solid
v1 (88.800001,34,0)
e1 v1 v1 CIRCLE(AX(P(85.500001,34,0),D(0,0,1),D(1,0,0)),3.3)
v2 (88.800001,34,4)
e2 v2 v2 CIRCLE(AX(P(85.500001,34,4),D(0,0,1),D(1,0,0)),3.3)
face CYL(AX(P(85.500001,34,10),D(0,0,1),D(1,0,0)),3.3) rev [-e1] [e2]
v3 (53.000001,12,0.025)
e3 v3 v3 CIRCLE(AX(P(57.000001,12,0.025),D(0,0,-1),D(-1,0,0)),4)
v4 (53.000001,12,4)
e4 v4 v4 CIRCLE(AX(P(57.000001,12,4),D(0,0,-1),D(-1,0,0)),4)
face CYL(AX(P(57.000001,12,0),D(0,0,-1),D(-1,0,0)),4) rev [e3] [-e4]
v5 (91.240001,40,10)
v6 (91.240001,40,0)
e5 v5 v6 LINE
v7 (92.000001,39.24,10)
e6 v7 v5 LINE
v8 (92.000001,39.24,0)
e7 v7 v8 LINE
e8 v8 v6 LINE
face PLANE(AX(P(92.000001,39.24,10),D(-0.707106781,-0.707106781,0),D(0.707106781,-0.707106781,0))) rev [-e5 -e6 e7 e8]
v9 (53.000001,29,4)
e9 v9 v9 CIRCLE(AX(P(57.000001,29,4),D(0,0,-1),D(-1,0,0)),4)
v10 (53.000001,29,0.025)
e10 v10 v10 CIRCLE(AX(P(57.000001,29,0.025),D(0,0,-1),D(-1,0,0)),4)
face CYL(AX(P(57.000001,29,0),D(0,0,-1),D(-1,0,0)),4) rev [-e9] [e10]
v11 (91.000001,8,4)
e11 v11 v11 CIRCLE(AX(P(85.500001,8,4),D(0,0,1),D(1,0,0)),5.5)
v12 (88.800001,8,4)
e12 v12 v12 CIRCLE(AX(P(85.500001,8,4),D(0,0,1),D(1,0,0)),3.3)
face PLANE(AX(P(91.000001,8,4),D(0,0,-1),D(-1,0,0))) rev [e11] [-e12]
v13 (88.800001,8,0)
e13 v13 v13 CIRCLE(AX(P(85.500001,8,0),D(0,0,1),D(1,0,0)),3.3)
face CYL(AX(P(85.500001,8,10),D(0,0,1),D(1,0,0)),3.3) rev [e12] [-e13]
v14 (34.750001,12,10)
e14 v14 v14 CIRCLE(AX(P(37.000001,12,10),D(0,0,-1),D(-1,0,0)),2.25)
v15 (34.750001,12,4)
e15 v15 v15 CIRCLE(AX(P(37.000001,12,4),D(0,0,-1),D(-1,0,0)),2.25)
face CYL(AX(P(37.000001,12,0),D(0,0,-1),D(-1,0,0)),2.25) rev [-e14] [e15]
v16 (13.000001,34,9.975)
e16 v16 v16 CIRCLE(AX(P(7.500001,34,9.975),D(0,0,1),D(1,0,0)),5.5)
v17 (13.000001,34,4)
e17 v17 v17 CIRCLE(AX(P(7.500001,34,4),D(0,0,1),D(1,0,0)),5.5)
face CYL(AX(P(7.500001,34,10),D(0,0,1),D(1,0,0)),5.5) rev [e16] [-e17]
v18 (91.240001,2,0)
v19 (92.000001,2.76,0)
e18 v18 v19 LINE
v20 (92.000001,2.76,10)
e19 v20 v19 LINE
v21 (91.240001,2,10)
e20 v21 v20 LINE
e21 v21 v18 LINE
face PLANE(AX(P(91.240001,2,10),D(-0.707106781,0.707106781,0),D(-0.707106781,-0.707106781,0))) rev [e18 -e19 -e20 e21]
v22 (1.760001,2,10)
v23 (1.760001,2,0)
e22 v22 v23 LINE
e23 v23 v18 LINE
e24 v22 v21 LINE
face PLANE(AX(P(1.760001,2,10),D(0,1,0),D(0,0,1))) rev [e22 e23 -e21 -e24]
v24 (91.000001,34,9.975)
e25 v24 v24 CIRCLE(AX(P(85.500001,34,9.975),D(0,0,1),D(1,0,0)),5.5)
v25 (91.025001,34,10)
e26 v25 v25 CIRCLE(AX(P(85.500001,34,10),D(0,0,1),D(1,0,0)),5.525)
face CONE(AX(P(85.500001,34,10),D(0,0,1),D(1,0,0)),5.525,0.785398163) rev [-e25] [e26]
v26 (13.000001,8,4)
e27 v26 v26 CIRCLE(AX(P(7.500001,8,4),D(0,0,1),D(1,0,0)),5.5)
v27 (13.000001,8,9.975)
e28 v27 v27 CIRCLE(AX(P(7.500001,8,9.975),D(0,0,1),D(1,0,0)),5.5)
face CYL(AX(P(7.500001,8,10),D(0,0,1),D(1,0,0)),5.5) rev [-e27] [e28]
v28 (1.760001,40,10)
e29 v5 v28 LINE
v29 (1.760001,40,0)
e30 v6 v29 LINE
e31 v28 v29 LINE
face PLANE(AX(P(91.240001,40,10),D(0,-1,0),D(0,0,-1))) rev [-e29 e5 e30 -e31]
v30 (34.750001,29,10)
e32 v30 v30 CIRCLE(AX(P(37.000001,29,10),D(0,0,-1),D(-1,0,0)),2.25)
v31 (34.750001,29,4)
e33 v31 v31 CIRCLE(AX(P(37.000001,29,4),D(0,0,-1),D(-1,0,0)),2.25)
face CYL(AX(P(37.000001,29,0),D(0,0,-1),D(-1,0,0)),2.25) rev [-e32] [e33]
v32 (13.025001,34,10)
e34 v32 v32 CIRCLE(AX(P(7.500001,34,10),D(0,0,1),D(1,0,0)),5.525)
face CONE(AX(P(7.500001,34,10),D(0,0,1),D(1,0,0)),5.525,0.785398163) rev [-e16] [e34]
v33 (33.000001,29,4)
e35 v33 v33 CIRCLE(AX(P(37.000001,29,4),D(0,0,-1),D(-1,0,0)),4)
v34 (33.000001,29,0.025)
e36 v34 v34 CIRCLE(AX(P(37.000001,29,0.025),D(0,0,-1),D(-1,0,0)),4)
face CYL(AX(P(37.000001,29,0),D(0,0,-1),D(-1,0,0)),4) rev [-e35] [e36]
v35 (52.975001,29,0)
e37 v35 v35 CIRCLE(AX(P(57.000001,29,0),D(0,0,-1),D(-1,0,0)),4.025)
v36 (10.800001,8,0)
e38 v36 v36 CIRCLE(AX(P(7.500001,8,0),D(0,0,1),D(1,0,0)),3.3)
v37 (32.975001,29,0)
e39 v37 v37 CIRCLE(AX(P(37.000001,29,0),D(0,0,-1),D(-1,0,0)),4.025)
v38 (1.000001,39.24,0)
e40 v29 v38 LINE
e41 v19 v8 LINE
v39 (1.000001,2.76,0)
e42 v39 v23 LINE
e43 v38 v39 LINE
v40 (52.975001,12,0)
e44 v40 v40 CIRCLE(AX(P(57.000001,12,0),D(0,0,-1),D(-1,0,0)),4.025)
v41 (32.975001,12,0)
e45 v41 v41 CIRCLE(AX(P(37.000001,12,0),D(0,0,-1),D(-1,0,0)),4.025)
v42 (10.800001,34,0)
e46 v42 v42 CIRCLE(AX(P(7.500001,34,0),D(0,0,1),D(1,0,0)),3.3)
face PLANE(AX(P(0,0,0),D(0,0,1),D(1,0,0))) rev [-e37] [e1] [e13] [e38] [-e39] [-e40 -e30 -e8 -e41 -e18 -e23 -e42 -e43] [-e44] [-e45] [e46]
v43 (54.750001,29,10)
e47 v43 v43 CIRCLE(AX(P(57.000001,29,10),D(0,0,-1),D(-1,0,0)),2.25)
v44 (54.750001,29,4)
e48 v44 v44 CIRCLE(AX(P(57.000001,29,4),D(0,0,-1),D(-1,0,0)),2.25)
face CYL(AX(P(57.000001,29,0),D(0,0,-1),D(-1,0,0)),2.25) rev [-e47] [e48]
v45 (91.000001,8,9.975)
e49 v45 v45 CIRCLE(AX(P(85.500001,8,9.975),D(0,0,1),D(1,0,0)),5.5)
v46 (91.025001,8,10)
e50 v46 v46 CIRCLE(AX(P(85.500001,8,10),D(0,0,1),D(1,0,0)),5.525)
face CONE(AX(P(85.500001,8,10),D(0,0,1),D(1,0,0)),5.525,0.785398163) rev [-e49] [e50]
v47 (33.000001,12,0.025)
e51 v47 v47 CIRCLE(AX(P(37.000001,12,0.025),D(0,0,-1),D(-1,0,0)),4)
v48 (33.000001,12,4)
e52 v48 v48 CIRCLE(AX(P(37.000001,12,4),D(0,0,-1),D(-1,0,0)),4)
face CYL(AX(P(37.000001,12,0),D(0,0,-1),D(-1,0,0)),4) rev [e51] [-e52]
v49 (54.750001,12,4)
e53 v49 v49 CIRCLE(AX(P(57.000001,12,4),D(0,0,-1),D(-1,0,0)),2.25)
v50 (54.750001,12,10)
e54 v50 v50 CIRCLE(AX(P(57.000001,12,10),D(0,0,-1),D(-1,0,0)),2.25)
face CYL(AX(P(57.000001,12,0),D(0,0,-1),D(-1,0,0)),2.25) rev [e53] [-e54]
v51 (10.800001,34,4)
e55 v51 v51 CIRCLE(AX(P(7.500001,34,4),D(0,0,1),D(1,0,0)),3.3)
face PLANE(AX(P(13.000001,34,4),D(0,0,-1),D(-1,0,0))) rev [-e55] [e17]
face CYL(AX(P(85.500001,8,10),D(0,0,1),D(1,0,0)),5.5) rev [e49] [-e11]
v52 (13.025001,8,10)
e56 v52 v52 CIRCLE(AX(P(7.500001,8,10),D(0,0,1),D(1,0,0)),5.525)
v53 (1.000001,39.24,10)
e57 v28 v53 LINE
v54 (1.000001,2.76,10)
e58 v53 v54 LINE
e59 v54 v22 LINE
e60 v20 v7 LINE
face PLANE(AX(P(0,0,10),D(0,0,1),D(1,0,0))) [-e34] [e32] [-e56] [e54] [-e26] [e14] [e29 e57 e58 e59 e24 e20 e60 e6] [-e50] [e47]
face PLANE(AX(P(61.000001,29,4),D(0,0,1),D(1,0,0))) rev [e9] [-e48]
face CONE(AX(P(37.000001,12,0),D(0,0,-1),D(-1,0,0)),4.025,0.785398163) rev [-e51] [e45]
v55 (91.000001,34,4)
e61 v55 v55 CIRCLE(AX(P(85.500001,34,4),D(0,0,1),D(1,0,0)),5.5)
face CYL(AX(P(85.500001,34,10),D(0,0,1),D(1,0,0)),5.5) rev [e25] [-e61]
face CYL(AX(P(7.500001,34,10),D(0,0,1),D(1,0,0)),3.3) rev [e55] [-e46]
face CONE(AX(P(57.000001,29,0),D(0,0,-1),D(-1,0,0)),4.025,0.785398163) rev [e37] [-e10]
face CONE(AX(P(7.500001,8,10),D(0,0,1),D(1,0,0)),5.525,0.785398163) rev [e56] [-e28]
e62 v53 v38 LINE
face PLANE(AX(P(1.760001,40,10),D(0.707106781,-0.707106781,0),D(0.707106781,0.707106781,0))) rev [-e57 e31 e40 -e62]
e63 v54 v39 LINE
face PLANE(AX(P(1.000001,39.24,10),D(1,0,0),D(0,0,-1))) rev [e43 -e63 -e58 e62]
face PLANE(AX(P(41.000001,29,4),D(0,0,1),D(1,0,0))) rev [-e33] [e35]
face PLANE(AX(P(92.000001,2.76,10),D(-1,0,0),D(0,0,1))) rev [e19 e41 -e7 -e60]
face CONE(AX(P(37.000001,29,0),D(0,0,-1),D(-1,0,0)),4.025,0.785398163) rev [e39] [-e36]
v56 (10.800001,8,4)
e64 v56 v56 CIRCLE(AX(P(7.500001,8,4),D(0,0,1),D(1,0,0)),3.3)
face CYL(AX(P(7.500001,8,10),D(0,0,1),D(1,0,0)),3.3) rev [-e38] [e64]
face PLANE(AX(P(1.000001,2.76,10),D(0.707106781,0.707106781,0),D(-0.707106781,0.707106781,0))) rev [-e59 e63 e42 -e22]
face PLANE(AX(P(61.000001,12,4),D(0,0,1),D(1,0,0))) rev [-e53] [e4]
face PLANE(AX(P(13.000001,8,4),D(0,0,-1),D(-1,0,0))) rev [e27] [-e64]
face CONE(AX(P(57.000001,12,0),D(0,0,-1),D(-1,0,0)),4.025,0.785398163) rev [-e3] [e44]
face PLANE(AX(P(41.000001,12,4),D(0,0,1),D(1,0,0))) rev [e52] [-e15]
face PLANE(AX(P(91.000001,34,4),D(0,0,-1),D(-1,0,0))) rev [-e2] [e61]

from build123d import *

# Parameters (mm, degrees)
BOSS_EXTRUDE1_DEPTH  = 10
LPATTERN2_COUNT      = 2
LPATTERN2_PITCH      = 78
LPATTERN2_COUNT_DIR2 = 2
LPATTERN2_PITCH_DIR2 = 26
LPATTERN3_COUNT      = 2
LPATTERN3_PITCH      = 20
LPATTERN3_COUNT_DIR2 = 2
LPATTERN3_PITCH_DIR2 = 17


with BuildPart() as part:
    # Sketch1 → Boss-Extrude1 (new body)
    with BuildSketch(Plane.XY):
        Polygon((92.000001103, 39.239999717), (91.240001103, 39.999999717), (1.760001103, 39.999999717), (1.000001103, 39.239999717), (1.000001103, 2.759999717), (1.760001103, 1.999999717), (91.240001103, 1.999999717), (92.000001103, 2.759999717), align=None)
    extrude(amount=BOSS_EXTRUDE1_DEPTH)

    # Sketch4 → CBORE for M6 SHCS1 (revolve, cut)
    with BuildSketch(Plane(origin=(7.500001103, 33.999999717, 10), x_dir=(0, -1, 0), z_dir=(1, 0, 0))):
        Polygon((0, 0), (0, 10), (3.3, 10), (3.3, 6), (5.5, 6), (5.5, 0.025), (5.525, 0), align=None)
    cbore_for_m6_shcs1 = revolve(axis=Axis((7.500001103, 33.999999717, 16.35), (0, 0, -1)), mode=Mode.SUBTRACT)

    # LPattern2: CBORE for M6 SHCS1 2 × 2
    with Locations(*[(i * LPATTERN2_PITCH, -j * LPATTERN2_PITCH_DIR2, 0) for i in range(LPATTERN2_COUNT) for j in range(LPATTERN2_COUNT_DIR2) if (i, j) != (0, 0)]):
        add(cbore_for_m6_shcs1, mode=Mode.SUBTRACT)

    # Sketch6 → CBORE for M4 SHCS1 (revolve, cut)
    with BuildSketch(Plane(origin=(57.000001103, 11.999999717, 0), x_dir=(0, 1, 0), z_dir=(1, 0, 0))):
        Polygon((0, 0), (0, 10), (2.25, 10), (2.25, 4), (4, 4), (4, 0.025), (4.025, 0), align=None)
    cbore_for_m4_shcs1 = revolve(axis=Axis((57.000001103, 11.999999717, -6.35), (0, 0, 1)), mode=Mode.SUBTRACT)

    # LPattern3: CBORE for M4 SHCS1 2 × 2
    with Locations(*[(-i * LPATTERN3_PITCH, j * LPATTERN3_PITCH_DIR2, 0) for i in range(LPATTERN3_COUNT) for j in range(LPATTERN3_COUNT_DIR2) if (i, j) != (0, 0)]):
        add(cbore_for_m4_shcs1, mode=Mode.SUBTRACT)


solid = part.part
